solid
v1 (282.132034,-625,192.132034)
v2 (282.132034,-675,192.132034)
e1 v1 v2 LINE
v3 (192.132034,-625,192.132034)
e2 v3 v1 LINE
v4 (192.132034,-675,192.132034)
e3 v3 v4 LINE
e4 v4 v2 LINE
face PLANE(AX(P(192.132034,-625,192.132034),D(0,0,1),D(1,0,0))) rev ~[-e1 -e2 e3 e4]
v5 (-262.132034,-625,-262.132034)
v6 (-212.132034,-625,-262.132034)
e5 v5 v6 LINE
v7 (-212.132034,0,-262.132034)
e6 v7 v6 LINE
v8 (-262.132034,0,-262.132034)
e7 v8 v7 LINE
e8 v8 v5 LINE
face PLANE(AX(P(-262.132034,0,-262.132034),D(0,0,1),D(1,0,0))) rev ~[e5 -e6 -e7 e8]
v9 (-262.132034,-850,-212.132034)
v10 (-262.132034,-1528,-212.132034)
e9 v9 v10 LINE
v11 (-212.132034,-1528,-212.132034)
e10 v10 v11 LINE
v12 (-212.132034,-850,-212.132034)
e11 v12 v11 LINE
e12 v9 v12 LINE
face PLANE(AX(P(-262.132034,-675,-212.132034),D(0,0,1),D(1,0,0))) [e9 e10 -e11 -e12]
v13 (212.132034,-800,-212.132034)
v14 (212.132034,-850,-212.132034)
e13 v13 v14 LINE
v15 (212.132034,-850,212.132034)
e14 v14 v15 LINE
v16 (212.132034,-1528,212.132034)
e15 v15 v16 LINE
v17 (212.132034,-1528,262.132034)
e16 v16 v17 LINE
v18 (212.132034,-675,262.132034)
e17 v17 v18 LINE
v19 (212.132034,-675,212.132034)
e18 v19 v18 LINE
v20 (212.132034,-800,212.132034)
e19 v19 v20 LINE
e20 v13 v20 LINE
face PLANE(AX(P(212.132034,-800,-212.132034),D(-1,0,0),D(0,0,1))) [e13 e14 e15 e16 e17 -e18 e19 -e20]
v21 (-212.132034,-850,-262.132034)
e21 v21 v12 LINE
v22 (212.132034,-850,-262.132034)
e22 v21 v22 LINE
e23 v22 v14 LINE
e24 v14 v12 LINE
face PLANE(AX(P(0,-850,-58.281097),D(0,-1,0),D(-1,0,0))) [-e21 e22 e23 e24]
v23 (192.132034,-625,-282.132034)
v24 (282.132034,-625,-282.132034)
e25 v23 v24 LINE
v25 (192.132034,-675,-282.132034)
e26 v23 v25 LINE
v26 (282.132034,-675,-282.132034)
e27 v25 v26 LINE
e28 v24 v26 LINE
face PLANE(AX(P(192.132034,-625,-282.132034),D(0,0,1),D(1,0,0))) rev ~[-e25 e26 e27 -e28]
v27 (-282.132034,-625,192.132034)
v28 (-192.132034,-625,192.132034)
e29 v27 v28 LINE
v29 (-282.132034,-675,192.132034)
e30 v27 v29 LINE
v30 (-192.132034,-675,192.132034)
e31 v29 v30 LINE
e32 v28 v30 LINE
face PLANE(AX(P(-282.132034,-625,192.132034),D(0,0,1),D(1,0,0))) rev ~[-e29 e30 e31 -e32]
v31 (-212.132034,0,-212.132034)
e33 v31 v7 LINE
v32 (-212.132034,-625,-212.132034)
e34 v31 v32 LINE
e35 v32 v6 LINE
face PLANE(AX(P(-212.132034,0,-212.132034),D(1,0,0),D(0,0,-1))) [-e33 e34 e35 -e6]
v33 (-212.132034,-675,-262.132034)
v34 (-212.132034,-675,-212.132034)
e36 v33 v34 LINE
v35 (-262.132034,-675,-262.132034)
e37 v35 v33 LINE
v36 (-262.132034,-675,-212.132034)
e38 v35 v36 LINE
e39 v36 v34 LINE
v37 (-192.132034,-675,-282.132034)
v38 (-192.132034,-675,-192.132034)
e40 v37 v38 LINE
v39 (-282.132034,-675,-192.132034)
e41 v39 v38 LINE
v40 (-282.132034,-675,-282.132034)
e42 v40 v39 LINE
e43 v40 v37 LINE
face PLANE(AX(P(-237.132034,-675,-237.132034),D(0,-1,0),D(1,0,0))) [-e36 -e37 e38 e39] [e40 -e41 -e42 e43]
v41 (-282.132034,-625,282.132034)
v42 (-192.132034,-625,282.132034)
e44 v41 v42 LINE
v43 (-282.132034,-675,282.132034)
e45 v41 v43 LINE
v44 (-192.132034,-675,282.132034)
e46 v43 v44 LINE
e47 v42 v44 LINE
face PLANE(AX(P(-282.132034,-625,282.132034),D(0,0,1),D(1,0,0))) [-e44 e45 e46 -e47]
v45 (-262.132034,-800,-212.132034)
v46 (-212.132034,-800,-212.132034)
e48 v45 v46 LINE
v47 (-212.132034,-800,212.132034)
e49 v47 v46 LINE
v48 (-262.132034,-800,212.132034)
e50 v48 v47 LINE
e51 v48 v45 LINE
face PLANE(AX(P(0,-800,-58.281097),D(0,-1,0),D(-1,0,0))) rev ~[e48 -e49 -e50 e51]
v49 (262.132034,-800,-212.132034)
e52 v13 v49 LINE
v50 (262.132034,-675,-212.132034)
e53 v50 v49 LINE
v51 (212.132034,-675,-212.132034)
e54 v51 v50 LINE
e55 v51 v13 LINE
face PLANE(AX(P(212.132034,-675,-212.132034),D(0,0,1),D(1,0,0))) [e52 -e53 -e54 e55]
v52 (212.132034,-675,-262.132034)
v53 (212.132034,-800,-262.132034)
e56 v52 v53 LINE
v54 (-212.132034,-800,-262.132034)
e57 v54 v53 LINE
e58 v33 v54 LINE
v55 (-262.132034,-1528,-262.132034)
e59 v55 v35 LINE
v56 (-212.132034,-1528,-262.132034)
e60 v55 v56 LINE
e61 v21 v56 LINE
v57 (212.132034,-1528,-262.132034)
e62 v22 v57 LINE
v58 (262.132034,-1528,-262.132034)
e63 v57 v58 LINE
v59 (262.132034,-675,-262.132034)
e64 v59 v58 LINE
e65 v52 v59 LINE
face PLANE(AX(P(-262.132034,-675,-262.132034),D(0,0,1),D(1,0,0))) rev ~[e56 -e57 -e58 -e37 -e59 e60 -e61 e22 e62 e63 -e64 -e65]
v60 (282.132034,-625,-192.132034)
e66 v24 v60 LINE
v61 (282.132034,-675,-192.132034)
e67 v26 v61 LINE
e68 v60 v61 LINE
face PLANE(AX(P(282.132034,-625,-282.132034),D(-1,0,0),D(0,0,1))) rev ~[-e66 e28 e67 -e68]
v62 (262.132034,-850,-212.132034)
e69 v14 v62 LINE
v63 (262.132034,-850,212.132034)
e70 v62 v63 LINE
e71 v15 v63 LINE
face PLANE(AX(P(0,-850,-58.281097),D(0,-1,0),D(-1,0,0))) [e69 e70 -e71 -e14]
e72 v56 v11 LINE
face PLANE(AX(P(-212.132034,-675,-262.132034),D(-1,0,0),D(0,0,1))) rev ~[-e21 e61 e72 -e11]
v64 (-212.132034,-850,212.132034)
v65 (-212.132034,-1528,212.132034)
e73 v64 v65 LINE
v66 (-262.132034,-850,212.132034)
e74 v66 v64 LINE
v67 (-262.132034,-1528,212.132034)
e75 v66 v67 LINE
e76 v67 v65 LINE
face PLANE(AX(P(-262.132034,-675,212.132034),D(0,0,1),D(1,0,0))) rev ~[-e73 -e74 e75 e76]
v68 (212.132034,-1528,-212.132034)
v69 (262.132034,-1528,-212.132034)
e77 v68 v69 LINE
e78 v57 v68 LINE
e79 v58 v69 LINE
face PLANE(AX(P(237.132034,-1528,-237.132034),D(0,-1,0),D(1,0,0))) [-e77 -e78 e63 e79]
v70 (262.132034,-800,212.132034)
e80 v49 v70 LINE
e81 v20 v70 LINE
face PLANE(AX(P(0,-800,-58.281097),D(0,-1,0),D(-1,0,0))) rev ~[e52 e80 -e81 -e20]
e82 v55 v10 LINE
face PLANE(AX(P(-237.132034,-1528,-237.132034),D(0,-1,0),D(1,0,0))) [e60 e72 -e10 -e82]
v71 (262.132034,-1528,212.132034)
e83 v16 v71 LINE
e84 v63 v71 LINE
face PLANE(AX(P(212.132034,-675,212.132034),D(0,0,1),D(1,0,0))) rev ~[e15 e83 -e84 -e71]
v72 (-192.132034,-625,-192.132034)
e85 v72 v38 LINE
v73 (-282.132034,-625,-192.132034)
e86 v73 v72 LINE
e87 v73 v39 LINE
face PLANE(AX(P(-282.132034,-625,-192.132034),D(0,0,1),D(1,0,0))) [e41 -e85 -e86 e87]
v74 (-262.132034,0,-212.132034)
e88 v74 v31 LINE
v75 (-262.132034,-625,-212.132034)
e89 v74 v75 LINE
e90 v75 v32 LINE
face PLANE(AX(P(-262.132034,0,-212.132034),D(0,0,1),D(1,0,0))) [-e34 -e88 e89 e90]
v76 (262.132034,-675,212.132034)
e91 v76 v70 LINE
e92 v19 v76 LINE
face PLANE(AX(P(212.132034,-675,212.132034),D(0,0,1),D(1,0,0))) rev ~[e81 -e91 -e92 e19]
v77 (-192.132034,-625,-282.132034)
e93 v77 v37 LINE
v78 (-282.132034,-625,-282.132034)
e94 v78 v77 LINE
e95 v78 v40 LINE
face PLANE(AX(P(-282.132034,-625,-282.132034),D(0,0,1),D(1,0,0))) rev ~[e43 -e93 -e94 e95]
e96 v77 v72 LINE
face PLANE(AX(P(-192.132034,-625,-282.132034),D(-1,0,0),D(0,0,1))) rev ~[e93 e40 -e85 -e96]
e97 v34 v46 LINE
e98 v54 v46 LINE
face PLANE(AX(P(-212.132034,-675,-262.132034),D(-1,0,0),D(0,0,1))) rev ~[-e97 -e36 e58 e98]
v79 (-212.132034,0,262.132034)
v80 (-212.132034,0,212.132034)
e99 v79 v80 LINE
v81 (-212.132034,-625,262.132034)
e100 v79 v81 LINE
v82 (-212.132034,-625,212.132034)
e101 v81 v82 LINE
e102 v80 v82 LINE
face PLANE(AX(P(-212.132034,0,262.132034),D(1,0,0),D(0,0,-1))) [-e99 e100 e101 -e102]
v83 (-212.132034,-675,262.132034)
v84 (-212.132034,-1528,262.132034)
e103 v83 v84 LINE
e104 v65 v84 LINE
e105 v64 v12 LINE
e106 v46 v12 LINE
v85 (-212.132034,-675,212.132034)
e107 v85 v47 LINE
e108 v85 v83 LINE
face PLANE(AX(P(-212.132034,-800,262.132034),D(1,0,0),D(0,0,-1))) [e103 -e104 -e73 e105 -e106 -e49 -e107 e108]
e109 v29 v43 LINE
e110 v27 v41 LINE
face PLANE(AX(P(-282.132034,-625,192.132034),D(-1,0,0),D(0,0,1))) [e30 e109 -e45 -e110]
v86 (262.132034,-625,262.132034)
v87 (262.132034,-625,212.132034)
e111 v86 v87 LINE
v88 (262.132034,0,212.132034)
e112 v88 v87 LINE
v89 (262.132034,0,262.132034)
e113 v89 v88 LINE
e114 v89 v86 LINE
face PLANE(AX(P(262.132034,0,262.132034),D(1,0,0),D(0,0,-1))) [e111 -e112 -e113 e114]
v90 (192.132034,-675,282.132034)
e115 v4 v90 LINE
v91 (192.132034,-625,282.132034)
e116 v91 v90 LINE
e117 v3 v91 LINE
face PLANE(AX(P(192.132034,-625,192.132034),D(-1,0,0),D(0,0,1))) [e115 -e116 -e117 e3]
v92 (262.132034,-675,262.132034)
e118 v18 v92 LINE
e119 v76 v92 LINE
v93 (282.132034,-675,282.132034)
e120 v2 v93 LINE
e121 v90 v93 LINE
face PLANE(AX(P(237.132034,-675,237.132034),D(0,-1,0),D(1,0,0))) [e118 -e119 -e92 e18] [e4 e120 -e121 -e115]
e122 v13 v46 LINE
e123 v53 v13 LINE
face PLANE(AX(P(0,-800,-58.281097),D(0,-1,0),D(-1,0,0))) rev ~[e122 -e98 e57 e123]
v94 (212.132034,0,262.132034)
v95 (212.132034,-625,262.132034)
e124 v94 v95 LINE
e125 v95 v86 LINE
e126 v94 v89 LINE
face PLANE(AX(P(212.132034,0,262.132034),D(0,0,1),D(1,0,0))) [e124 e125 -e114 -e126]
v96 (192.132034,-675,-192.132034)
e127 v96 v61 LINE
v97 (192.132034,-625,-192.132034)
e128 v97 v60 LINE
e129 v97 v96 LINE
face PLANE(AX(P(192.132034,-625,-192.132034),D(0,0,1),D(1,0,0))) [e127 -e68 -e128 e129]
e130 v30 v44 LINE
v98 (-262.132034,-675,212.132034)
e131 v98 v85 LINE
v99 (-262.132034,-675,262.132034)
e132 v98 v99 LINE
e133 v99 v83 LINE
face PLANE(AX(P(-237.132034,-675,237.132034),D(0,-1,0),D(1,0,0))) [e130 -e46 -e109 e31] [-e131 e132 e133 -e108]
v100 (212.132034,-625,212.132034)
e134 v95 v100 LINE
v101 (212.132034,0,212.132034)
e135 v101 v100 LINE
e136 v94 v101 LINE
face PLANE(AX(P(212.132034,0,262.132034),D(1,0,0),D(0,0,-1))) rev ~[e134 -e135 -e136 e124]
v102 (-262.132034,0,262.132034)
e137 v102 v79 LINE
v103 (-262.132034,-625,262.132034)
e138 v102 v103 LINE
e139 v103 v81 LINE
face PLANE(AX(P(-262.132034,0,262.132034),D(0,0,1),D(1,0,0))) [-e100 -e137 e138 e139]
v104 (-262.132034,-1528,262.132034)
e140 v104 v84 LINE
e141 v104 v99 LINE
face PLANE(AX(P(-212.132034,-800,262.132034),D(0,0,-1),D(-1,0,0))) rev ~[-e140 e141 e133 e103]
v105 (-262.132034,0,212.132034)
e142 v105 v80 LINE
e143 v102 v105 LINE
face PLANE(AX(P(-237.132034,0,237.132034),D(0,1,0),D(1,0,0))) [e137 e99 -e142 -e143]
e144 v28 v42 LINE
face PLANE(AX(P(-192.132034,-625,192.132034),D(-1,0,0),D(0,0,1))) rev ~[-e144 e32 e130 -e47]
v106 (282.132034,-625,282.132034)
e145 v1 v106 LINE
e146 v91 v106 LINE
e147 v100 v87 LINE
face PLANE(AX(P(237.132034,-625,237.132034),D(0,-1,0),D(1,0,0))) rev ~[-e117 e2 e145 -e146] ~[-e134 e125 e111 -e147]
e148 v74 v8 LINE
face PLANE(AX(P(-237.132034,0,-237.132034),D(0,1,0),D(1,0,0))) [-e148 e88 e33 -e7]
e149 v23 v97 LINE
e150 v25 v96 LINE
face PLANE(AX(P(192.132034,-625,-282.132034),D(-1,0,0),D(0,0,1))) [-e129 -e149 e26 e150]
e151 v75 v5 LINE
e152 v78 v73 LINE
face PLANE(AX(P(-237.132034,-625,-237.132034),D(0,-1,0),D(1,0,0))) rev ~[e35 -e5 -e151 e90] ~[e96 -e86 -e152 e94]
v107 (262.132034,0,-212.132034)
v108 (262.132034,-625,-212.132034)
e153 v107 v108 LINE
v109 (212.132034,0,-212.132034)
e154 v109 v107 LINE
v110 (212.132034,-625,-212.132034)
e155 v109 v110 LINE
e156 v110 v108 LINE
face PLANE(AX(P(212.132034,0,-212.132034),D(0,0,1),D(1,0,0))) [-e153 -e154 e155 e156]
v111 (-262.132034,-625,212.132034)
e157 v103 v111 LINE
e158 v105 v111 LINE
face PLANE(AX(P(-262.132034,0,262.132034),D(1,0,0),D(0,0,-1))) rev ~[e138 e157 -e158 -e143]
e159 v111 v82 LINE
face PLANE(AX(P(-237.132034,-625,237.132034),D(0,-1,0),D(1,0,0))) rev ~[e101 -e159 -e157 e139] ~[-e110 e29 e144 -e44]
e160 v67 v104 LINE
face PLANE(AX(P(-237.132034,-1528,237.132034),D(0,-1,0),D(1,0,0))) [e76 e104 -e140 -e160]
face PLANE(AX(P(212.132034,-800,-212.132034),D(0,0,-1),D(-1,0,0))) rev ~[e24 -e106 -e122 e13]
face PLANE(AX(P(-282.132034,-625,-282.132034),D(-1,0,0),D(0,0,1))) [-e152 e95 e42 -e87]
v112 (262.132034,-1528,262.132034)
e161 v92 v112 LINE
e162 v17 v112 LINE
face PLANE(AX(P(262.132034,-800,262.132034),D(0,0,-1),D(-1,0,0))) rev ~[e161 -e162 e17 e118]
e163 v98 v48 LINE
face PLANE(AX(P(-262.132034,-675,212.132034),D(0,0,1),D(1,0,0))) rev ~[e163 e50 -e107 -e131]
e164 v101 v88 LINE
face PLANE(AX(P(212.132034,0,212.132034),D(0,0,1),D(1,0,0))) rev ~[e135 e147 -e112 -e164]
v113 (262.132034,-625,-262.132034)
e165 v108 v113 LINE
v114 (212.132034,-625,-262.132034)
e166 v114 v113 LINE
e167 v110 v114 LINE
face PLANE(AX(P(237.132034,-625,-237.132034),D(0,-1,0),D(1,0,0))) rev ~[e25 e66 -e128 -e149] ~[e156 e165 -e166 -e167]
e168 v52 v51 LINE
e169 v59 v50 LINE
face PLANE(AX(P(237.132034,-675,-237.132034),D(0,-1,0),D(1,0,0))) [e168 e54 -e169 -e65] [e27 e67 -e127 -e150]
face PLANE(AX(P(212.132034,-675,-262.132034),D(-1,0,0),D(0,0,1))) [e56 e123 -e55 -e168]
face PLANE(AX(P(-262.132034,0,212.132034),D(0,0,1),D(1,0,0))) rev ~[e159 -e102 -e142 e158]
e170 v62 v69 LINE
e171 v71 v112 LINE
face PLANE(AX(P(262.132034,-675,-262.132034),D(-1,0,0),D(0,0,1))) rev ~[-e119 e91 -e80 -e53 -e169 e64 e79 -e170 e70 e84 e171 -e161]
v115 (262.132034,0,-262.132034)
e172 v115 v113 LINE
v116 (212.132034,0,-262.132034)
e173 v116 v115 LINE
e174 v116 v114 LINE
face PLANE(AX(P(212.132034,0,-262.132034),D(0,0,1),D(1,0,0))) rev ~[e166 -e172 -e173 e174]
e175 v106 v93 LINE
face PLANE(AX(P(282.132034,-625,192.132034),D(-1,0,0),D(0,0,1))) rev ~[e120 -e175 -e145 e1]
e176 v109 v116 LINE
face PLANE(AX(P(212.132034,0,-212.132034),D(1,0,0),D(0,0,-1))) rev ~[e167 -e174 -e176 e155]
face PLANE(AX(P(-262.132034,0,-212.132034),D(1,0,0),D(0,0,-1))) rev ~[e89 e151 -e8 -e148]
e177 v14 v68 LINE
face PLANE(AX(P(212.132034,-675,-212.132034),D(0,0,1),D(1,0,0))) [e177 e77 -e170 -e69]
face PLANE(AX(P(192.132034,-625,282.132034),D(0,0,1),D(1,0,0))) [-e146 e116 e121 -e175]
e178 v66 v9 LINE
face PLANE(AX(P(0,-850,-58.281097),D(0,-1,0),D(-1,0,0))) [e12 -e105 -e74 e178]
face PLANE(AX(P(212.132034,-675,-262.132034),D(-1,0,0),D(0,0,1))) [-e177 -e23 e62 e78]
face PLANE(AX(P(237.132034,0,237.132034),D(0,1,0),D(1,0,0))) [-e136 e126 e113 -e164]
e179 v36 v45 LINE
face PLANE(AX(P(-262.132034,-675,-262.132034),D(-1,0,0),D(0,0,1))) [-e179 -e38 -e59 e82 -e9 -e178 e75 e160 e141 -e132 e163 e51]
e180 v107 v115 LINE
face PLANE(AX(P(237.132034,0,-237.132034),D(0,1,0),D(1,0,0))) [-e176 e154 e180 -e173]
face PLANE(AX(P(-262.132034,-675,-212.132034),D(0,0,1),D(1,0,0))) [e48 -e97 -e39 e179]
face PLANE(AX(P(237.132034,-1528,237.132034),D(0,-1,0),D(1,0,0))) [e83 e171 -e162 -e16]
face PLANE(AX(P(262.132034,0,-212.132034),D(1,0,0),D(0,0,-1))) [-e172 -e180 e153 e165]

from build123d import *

# Parameters (mm, degrees)
CROQUIS1_W                = 50
CROQUIS1_H                = 50
SALIENTE_EXTRUIR1_DEPTH   = 625
SALIENTE_EXTRUIR1_2_DEPTH = 625
SALIENTE_EXTRUIR1_3_DEPTH = 625
SALIENTE_EXTRUIR1_4_DEPTH = 625
CROQUIS2_W                = 90
CROQUIS2_H                = 90
SALIENTE_EXTRUIR2_DEPTH   = 50
CROQUIS4_W                = 50
CROQUIS4_H                = 50
SALIENTE_EXTRUIR3_DEPTH   = 853
SALIENTE_EXTRUIR4_DEPTH   = 50


with BuildPart() as part:
    # Croquis1 → Saliente-Extruir1 (new body)
    with BuildSketch(Plane(origin=(0, 0, 0), x_dir=(1, 0, 0), z_dir=(0, 1, 0))):
        with Locations((-237.132034356, 237.132034356)):
            Rectangle(CROQUIS1_W, CROQUIS1_H)
    extrude(amount=-SALIENTE_EXTRUIR1_DEPTH)



with BuildPart() as body_2:
    # Croquis1 → Saliente-Extruir1 2 (new body)
    with BuildSketch(Plane(origin=(0, 0, 0), x_dir=(1, 0, 0), z_dir=(0, 1, 0))):
        with Locations((237.132034356, 237.132034356)):
            Rectangle(CROQUIS1_W, CROQUIS1_H)
    extrude(amount=-SALIENTE_EXTRUIR1_2_DEPTH)


with BuildPart() as body_3:
    # Croquis1 → Saliente-Extruir1 3 (new body)
    with BuildSketch(Plane(origin=(0, 0, 0), x_dir=(1, 0, 0), z_dir=(0, 1, 0))):
        with Locations((-237.132034356, -237.132034356)):
            Rectangle(CROQUIS1_W, CROQUIS1_H)
    extrude(amount=-SALIENTE_EXTRUIR1_3_DEPTH)


with BuildPart() as body_4:
    # Croquis1 → Saliente-Extruir1 4 (new body)
    with BuildSketch(Plane(origin=(0, 0, 0), x_dir=(1, 0, 0), z_dir=(0, 1, 0))):
        with Locations((237.132034356, -237.132034356)):
            Rectangle(CROQUIS1_W, CROQUIS1_H)
    extrude(amount=-SALIENTE_EXTRUIR1_4_DEPTH)


with BuildPart() as part_1:
    add(part.part)

    add(body_2.part)  # Saliente-Extruir2 merges body 2

    add(body_3.part)  # Saliente-Extruir2 merges body 3

    add(body_4.part)  # Saliente-Extruir2 merges body 4
    # Croquis2 → Saliente-Extruir2 (add)
    with BuildSketch(Plane.XZ.offset(625)):
        with Locations((-237.132034356, 237.132034356)):
            Rectangle(CROQUIS2_W, CROQUIS2_H)
        with Locations((237.132034356, 237.132034356)):
            Rectangle(CROQUIS2_W, CROQUIS2_H)
        with Locations((237.132034356, -237.132034356)):
            Rectangle(CROQUIS2_W, CROQUIS2_H)
        with Locations((-237.132034356, -237.132034356)):
            Rectangle(CROQUIS2_W, CROQUIS2_H)
    extrude(amount=SALIENTE_EXTRUIR2_DEPTH)

    # Croquis4 → Saliente-Extruir3 (add)
    with BuildSketch(Plane.XZ.offset(675)):
        with Locations((-237.132034356, 237.132034356)):
            Rectangle(CROQUIS4_W, CROQUIS4_H)
        with Locations((-237.132034356, -237.132034356)):
            Rectangle(CROQUIS4_W, CROQUIS4_H)
        with Locations((237.132034356, 237.132034356)):
            Rectangle(CROQUIS4_W, CROQUIS4_H)
        with Locations((237.132034356, -237.132034356)):
            Rectangle(CROQUIS4_W, CROQUIS4_H)
    extrude(amount=SALIENTE_EXTRUIR3_DEPTH)

    # Croquis6 → Saliente-Extruir4 (add)
    with BuildSketch(Plane(origin=(0, -800, 0), x_dir=(1, 0, 0), z_dir=(0, 1, 0))):
        Polygon((-262.132034356, 262.132034356), (262.132034356, 262.132034356), (262.132034356, -262.132034356), (212.132034356, -262.132034356), (212.132034356, -212.132034356), (212.132034356, 212.132034356), (-212.132034356, 212.132034356), (-212.132034356, -212.132034356), (-212.132034356, -262.132034356), (-262.132034356, -262.132034356), align=None)
    extrude(amount=-SALIENTE_EXTRUIR4_DEPTH)


solid = part_1.part
